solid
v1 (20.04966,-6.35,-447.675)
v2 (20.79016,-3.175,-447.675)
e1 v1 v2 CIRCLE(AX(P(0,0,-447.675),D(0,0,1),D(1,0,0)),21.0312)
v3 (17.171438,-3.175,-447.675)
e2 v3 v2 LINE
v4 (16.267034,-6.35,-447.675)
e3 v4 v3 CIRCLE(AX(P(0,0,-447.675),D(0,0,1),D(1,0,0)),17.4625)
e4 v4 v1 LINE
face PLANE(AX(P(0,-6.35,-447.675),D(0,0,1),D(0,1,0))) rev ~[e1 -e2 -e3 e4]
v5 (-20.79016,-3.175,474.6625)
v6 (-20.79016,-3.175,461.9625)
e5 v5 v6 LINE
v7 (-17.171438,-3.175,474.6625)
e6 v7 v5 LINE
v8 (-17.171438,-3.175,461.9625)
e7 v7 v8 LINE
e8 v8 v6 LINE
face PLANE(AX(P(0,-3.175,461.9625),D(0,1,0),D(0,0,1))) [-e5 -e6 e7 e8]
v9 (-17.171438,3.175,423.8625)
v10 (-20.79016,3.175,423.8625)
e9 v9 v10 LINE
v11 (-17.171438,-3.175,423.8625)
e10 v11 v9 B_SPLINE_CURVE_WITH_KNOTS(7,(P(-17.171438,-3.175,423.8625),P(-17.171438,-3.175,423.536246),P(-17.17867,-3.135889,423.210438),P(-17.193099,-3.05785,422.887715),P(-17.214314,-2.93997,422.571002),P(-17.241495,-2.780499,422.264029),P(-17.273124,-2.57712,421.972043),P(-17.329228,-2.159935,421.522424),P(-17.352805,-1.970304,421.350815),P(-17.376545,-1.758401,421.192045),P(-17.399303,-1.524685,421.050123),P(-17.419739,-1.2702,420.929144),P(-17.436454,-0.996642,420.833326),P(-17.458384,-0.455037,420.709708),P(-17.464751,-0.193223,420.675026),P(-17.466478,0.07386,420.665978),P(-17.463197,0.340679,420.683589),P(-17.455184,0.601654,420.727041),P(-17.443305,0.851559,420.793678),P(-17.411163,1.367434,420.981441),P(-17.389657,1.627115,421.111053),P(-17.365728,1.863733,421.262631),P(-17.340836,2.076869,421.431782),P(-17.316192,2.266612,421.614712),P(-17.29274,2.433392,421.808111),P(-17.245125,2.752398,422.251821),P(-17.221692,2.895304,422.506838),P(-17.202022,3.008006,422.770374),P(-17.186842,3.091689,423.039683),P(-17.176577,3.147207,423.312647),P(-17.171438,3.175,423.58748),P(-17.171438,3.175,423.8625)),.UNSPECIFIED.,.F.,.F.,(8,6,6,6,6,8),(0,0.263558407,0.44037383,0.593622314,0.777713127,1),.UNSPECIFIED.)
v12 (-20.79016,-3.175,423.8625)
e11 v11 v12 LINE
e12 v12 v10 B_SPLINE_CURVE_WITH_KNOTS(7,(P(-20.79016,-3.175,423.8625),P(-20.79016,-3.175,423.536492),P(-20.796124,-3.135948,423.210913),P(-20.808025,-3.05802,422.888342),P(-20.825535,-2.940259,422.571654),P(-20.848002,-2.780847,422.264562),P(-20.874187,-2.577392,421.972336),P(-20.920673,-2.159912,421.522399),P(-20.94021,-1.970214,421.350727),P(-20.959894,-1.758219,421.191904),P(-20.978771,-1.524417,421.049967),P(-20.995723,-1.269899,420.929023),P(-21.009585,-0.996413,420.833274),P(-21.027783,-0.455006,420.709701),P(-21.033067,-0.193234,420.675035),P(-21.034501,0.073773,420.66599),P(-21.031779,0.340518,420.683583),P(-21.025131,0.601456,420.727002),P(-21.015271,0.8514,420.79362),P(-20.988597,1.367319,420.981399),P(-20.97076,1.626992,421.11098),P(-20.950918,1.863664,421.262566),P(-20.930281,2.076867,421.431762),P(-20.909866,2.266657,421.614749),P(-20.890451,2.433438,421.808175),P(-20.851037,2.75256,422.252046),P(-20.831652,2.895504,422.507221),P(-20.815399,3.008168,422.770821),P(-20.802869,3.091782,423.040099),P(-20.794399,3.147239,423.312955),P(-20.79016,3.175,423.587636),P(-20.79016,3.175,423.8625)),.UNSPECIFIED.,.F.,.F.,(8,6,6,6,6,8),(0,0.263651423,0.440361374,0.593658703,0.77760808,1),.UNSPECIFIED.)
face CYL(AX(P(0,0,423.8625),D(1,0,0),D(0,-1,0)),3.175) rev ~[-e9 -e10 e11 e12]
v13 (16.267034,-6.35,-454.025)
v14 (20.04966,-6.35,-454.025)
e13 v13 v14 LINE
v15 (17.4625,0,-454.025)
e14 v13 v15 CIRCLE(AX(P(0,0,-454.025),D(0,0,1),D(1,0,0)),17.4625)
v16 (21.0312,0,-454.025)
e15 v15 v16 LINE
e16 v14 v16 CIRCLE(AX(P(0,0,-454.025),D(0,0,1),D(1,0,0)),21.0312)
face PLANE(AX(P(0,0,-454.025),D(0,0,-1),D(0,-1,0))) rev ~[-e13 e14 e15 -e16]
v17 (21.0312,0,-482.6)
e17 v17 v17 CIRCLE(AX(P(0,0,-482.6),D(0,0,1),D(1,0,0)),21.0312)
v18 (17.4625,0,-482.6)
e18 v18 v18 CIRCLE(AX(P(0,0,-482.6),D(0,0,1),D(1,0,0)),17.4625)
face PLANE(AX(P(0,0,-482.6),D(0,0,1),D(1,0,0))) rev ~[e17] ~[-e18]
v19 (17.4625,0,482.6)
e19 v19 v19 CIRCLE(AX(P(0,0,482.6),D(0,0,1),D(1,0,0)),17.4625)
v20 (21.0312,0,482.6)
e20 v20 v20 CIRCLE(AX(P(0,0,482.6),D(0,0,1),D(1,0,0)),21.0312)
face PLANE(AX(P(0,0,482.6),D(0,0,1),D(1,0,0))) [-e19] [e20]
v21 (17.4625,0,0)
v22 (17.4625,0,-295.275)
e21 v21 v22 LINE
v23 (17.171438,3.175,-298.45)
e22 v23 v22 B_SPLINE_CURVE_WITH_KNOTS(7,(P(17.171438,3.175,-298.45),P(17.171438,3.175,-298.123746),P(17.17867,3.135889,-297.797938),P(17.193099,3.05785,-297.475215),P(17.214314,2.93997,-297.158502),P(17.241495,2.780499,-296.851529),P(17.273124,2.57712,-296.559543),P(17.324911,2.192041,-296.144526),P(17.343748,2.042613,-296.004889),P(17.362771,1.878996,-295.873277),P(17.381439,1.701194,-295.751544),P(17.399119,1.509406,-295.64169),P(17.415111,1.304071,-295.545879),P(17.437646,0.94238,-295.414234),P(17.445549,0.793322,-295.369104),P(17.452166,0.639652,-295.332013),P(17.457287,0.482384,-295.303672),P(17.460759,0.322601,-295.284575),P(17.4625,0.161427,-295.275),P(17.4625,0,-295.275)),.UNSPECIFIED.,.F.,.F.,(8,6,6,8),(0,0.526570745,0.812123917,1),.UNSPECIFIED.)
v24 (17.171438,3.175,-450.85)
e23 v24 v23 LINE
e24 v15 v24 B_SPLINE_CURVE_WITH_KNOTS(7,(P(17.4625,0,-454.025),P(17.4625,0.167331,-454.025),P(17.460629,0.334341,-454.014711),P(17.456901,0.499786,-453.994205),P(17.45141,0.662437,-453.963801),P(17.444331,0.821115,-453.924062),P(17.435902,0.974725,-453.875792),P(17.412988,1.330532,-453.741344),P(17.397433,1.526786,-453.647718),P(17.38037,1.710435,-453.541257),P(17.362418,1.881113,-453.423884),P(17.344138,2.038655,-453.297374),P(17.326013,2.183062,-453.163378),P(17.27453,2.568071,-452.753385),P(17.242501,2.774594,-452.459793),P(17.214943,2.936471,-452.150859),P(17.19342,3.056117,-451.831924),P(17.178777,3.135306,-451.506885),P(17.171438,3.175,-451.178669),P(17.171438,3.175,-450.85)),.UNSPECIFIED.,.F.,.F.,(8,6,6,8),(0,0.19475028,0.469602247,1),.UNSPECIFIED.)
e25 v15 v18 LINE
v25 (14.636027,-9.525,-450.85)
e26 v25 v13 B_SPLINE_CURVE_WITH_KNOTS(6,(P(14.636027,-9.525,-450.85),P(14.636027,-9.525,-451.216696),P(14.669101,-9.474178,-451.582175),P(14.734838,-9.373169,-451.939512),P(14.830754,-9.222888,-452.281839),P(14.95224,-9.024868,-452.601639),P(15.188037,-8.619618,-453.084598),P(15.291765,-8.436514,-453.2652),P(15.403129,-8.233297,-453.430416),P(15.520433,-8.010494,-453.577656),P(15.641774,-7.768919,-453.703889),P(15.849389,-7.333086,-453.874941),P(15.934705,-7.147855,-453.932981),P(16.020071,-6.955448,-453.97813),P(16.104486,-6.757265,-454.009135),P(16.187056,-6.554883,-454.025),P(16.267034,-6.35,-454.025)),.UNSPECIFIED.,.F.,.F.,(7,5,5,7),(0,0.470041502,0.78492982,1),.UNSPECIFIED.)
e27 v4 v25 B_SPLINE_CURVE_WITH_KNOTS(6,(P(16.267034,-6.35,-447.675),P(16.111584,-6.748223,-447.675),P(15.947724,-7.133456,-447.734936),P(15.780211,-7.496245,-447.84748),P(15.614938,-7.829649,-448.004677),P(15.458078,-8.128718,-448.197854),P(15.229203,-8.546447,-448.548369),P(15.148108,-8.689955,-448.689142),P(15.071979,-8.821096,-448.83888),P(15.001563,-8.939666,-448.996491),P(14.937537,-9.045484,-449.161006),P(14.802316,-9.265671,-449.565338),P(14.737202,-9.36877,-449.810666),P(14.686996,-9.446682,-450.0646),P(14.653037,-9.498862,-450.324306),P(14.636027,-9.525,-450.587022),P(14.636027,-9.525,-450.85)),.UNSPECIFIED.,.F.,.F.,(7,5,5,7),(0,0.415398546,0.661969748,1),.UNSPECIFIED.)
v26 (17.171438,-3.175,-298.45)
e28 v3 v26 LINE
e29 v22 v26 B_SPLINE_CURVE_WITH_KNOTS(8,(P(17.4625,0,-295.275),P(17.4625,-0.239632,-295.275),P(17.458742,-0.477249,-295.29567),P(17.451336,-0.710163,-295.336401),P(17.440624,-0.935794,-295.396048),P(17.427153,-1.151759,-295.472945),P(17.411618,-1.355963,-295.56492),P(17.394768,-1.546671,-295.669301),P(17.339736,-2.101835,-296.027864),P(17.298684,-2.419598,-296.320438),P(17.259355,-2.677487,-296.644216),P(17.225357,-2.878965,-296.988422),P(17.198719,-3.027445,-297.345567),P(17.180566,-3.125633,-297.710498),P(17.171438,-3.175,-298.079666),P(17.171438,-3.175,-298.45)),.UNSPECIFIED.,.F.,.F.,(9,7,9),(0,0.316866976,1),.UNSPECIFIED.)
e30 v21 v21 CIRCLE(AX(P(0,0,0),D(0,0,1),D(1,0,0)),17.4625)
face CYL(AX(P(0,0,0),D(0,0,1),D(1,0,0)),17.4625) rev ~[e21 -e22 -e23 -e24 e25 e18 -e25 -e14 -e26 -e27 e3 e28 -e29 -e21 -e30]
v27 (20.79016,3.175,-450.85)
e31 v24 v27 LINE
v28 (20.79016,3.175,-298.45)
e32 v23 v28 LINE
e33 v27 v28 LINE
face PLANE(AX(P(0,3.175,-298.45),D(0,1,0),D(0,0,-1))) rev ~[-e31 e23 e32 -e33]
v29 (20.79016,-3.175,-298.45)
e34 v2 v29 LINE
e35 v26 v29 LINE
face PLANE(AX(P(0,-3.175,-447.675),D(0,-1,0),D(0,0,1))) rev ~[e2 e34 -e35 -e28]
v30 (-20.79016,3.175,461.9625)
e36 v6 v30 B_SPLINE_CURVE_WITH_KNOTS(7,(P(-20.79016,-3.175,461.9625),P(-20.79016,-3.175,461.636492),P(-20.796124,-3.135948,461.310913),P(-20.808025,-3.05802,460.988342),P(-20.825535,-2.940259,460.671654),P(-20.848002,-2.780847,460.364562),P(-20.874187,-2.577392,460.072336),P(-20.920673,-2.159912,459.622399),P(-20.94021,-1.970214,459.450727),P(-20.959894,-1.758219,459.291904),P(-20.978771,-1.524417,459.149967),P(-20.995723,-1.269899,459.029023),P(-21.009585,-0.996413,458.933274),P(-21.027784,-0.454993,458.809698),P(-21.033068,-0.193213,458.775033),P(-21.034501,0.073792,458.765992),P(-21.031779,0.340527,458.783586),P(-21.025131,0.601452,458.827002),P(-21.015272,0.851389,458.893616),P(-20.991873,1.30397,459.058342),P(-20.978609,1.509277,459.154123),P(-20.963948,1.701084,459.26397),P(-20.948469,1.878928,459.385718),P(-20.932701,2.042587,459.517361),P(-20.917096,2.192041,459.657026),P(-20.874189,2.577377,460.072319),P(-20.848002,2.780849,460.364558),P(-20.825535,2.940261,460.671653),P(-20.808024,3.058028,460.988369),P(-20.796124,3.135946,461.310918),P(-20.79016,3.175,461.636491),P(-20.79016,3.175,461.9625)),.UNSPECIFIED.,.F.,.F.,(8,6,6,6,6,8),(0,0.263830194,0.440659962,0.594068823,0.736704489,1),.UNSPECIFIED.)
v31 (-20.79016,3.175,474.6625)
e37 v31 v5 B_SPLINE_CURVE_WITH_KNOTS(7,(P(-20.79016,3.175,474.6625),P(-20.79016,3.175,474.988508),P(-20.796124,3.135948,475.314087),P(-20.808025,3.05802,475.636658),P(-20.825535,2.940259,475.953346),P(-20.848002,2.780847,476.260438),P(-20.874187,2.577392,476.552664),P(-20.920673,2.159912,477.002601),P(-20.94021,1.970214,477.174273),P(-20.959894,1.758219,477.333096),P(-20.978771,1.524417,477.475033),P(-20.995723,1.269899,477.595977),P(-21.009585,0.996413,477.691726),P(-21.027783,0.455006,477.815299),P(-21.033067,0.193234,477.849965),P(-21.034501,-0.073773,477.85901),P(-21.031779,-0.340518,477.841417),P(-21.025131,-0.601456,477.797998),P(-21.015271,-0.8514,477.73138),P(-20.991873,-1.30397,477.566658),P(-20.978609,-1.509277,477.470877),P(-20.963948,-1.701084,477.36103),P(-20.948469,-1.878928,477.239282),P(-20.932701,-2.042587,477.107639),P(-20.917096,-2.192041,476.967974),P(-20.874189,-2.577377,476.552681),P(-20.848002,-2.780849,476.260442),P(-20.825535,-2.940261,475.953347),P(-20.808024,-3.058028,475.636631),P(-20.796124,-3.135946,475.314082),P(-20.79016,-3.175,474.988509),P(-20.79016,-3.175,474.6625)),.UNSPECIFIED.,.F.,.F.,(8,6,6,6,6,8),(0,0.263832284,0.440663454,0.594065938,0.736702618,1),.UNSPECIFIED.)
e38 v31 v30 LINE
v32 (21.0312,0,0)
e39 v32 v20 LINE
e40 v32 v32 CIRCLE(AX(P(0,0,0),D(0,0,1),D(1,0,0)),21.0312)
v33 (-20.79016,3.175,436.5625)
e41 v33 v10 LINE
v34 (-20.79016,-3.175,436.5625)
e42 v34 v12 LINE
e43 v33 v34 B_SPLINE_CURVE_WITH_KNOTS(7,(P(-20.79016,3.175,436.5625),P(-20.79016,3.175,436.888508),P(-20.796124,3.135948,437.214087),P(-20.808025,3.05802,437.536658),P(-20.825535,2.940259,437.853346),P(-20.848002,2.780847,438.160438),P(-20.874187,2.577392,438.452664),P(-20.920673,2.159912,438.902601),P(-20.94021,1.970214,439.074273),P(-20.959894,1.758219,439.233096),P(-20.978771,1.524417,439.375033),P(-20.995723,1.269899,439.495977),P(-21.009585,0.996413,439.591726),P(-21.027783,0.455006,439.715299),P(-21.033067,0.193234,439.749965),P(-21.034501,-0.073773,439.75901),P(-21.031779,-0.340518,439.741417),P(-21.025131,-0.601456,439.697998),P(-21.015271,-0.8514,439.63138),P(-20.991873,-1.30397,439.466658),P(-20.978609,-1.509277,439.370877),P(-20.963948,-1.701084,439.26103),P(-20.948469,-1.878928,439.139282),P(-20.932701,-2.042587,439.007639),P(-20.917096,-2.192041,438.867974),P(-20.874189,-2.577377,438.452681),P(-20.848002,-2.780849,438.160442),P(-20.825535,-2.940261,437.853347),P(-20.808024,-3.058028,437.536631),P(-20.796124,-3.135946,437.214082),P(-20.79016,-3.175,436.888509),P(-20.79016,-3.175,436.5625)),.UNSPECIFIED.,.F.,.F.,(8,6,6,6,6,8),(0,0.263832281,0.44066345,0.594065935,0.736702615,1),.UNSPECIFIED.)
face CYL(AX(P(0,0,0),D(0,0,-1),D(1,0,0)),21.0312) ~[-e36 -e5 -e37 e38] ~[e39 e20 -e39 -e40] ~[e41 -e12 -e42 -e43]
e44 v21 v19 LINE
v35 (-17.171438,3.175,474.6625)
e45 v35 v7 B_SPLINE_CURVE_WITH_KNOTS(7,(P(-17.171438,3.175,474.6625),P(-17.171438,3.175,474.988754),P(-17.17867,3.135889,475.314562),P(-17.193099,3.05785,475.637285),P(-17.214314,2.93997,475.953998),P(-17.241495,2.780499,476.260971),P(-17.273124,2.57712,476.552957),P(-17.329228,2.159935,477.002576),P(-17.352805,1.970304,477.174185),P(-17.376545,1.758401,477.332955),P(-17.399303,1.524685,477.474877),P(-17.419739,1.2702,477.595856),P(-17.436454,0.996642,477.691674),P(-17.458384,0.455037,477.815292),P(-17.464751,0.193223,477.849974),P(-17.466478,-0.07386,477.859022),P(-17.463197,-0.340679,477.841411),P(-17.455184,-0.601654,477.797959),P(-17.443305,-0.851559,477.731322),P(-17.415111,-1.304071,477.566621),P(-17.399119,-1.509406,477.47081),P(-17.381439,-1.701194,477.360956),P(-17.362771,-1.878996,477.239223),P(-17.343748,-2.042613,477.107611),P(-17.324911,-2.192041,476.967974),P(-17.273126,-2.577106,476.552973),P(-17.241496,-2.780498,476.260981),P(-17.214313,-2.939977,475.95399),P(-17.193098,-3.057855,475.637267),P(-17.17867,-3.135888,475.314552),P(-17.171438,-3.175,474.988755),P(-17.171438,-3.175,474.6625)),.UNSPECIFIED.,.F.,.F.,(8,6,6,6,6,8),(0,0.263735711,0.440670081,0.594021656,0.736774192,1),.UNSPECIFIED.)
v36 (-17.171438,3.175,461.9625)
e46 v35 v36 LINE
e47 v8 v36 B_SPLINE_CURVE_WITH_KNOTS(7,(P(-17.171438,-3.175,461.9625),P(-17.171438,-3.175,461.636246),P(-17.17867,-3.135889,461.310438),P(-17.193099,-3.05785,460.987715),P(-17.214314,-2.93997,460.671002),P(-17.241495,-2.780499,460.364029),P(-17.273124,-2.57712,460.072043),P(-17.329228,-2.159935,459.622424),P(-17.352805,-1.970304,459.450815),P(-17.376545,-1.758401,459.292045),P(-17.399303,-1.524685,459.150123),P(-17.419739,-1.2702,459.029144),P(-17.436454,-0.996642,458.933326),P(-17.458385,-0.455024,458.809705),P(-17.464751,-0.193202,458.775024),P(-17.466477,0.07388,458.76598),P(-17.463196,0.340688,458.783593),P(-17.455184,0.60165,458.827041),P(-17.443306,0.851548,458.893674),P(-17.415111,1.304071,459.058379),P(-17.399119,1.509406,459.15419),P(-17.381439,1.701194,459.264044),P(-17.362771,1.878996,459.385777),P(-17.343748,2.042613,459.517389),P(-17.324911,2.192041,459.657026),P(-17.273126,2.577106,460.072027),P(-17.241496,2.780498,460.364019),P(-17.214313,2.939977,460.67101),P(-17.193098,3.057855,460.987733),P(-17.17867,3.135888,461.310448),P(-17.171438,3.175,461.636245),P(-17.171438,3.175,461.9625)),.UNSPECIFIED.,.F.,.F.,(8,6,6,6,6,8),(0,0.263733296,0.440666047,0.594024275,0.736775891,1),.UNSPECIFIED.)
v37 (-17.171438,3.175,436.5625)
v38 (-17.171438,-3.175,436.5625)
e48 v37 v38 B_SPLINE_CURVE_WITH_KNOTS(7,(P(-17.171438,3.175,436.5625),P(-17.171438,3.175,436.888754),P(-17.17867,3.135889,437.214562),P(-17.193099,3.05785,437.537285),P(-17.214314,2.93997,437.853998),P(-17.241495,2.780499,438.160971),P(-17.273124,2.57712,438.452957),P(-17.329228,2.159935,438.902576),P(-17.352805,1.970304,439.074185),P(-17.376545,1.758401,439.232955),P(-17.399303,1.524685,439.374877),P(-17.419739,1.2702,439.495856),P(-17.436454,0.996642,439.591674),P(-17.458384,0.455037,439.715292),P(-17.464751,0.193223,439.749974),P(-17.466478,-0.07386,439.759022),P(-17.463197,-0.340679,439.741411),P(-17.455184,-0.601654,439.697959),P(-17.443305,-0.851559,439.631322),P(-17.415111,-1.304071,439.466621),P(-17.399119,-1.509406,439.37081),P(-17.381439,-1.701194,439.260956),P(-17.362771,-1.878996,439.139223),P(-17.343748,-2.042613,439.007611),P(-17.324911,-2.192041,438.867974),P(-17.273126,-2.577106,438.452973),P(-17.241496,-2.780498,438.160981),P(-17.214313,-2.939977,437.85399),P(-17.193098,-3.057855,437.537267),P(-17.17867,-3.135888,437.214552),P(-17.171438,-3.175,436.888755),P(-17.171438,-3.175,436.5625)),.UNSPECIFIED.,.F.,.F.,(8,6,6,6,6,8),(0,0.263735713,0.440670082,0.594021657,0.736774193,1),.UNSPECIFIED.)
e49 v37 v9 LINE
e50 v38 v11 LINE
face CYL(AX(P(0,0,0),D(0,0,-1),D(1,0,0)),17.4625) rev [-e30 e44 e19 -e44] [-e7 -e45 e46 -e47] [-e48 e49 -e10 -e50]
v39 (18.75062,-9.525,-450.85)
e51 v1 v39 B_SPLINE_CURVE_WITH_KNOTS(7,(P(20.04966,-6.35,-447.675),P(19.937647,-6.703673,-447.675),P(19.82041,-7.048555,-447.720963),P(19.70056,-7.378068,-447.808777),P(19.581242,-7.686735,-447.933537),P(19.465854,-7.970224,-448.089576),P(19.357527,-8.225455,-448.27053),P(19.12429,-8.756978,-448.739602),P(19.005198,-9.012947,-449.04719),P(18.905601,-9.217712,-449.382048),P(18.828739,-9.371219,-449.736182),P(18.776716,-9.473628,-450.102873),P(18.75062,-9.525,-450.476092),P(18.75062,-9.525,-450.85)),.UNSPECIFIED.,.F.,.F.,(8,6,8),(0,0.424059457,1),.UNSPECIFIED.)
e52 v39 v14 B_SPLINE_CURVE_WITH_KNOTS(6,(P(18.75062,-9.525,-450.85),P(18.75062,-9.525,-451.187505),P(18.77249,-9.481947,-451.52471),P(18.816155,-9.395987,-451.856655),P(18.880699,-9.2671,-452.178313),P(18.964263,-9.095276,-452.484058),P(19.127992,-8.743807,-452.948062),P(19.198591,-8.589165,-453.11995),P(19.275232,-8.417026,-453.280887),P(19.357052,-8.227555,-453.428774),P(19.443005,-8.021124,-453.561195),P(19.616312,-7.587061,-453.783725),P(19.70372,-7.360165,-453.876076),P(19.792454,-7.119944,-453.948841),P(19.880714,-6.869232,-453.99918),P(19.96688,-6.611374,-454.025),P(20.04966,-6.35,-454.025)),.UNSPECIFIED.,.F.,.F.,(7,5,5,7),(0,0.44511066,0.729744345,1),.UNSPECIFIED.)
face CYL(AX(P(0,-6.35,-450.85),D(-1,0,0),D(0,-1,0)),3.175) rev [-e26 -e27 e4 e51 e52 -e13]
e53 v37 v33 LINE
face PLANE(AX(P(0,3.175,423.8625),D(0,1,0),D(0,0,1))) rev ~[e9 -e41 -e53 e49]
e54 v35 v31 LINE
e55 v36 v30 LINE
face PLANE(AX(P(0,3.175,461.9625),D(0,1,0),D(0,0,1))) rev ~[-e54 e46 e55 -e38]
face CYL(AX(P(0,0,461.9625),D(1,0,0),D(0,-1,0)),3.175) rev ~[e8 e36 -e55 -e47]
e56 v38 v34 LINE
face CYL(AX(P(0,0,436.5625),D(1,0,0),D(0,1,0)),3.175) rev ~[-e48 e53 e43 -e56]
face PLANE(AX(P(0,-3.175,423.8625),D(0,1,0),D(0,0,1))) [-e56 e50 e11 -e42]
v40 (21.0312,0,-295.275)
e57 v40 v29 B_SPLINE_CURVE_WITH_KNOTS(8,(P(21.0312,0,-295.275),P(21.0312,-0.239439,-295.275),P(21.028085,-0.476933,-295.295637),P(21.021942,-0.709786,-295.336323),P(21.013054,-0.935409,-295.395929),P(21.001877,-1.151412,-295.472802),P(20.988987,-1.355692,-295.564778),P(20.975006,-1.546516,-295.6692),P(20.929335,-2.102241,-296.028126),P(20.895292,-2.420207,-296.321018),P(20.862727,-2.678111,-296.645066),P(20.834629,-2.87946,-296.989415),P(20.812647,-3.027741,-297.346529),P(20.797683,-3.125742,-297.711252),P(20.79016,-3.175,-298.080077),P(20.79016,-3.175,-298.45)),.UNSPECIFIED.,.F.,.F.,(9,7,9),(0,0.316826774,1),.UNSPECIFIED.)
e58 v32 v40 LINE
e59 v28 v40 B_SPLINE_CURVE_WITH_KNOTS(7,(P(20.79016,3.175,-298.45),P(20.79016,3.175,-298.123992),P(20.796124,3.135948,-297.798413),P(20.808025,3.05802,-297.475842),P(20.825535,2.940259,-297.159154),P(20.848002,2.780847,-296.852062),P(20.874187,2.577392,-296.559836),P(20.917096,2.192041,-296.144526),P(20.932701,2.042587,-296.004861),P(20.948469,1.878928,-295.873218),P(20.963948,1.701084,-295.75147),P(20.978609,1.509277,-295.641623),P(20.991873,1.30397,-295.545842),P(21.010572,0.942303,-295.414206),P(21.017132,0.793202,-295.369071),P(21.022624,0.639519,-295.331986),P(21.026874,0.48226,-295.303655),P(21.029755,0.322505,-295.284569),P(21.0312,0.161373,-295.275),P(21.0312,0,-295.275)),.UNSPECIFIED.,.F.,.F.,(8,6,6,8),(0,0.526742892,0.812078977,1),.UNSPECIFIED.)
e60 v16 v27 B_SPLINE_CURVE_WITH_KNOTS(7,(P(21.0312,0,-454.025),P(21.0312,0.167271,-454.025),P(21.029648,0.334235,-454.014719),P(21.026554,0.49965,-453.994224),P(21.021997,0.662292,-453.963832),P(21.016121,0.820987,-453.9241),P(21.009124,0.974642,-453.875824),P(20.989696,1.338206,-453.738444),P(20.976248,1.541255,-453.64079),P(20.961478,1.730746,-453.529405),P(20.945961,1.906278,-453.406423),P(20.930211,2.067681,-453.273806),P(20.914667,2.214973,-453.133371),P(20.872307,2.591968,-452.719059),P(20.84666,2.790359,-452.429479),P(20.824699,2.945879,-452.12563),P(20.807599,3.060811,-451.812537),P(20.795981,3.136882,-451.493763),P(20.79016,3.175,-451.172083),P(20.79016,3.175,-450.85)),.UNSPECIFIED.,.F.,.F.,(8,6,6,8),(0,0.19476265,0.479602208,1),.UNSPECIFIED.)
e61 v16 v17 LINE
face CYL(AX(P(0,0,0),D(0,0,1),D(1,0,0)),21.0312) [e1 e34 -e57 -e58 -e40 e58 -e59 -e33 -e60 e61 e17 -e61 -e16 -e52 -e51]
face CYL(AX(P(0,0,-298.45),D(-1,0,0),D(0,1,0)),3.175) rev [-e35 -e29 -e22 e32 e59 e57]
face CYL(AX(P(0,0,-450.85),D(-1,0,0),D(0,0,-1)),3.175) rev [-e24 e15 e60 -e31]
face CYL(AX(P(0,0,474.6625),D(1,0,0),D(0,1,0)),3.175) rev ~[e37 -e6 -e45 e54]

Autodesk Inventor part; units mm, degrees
ref_plane "XZ Plane" through (0, 0, 0) normal (0, 1, 0) x (-1, 0, 0)
ref_plane "XY Plane" through (0, 0, 0) normal (0, 0, 1) x (1, 0, 0)
sketch "Sketch1" plane through (0, 0, 0) normal (0, 0, 1) x (1, 0, 0)
  circle A0 centre (0, 0) radius 21.0312
  circle A1 centre (0, 0) radius 17.4625
  dimension "d0" = 42.0624
  dimension "d1" = 34.925
extrude "Extrusion1" add sketch "Sketch1" along normal mid plane 965.2
ref_plane "Work Plane1" through (0, 0, 0) normal (1, 0, 0) x (0, 0, 1)
sketch "Sketch2" plane through (0, 0, 0) normal (1, 0, 0) x (0, 0, 1)
  line L0 (-482.6, -21.0312) -> (482.6, -21.0312) projected
  line L1 (-482.6, 21.0312) -> (482.6, 21.0312) projected
  line L2 (482.6, 17.4625) -> (482.6, -17.4625) projected
  line L3 (482.6, 21.0312) -> (482.6, -21.0312) projected
  line L4 (-482.6, -17.4625) -> (-482.6, 17.4625) projected
  line L5 (-482.6, -21.0312) -> (-482.6, 21.0312) projected
  line L6 (-675.64, 0) -> (675.64, 0) projected
  arc A0 (474.6625, -3.175) -> (474.6625, 3.175) centre (474.6625, 0) ccw
  arc A1 (436.5625, -3.175) -> (436.5625, 3.175) centre (436.5625, 0) ccw
  arc A2 (461.9625, 3.175) -> (461.9625, -3.175) centre (461.9625, 0) ccw
  arc A3 (423.8625, 3.175) -> (423.8625, -3.175) centre (423.8625, 0) ccw
  line L7 (423.8625, 3.175) -> (436.5625, 3.175)
  line L8 (423.8625, -3.175) -> (436.5625, -3.175)
  line L9 (461.9625, -3.175) -> (474.6625, -3.175)
  line L10 (461.9625, 3.175) -> (474.6625, 3.175)
  dimension "d5" = 7.9375
  dimension "d6" = 38.1
  dimension "d7" = 6.35
  dimension "d18" = 12.7
  dimension "d19" = 12.7
extrude "Extrusion2" cut sketch "Sketch2" against normal blind 965.2 contours A3 L7 A1 L6 | L6 A1 L8 A3 | A0 L9 A2 L6 | L6 A2 L10 A0
sketch "Sketch3" plane through (0, 0, 0) normal (1, 0, 0) x (0, 0, 1)
  line L0 (-298.45, -3.175) -> (-450.85, -3.175)
  line L1 (-454.025, 0) -> (-454.025, 6.35)
  line L2 (-450.85, 9.525) -> (-450.85, 9.525)
  line L3 (-447.675, 6.35) -> (-447.675, 3.175)
  line L4 (-447.675, 3.175) -> (-298.45, 3.175)
  arc A0 (-298.45, -3.175) -> (-298.45, 3.175) centre (-298.45, 0) ccw
  arc A1 (-450.85, 9.525) -> (-454.025, 6.35) centre (-450.85, 6.35) ccw
  arc A2 (-447.675, 6.35) -> (-450.85, 9.525) centre (-450.85, 6.35) ccw
  arc A3 (-454.025, 0) -> (-450.85, -3.175) centre (-450.85, 0) ccw
  line L5 (-482.6, -21.0312) -> (-482.6, 21.0312) projected
  line L6 (-675.64, 0) -> (675.64, 0) projected
  dimension "d10" = 6.35
  dimension "d11" = 6.35
  dimension "d12" = 3.175
  dimension "d13" = 6.35
  dimension "d14" = 152.4
  dimension "d15" = 31.75
extrude "Extrusion3" cut sketch "Sketch3" along normal blind 965.2
properties part number "FE-00028"
